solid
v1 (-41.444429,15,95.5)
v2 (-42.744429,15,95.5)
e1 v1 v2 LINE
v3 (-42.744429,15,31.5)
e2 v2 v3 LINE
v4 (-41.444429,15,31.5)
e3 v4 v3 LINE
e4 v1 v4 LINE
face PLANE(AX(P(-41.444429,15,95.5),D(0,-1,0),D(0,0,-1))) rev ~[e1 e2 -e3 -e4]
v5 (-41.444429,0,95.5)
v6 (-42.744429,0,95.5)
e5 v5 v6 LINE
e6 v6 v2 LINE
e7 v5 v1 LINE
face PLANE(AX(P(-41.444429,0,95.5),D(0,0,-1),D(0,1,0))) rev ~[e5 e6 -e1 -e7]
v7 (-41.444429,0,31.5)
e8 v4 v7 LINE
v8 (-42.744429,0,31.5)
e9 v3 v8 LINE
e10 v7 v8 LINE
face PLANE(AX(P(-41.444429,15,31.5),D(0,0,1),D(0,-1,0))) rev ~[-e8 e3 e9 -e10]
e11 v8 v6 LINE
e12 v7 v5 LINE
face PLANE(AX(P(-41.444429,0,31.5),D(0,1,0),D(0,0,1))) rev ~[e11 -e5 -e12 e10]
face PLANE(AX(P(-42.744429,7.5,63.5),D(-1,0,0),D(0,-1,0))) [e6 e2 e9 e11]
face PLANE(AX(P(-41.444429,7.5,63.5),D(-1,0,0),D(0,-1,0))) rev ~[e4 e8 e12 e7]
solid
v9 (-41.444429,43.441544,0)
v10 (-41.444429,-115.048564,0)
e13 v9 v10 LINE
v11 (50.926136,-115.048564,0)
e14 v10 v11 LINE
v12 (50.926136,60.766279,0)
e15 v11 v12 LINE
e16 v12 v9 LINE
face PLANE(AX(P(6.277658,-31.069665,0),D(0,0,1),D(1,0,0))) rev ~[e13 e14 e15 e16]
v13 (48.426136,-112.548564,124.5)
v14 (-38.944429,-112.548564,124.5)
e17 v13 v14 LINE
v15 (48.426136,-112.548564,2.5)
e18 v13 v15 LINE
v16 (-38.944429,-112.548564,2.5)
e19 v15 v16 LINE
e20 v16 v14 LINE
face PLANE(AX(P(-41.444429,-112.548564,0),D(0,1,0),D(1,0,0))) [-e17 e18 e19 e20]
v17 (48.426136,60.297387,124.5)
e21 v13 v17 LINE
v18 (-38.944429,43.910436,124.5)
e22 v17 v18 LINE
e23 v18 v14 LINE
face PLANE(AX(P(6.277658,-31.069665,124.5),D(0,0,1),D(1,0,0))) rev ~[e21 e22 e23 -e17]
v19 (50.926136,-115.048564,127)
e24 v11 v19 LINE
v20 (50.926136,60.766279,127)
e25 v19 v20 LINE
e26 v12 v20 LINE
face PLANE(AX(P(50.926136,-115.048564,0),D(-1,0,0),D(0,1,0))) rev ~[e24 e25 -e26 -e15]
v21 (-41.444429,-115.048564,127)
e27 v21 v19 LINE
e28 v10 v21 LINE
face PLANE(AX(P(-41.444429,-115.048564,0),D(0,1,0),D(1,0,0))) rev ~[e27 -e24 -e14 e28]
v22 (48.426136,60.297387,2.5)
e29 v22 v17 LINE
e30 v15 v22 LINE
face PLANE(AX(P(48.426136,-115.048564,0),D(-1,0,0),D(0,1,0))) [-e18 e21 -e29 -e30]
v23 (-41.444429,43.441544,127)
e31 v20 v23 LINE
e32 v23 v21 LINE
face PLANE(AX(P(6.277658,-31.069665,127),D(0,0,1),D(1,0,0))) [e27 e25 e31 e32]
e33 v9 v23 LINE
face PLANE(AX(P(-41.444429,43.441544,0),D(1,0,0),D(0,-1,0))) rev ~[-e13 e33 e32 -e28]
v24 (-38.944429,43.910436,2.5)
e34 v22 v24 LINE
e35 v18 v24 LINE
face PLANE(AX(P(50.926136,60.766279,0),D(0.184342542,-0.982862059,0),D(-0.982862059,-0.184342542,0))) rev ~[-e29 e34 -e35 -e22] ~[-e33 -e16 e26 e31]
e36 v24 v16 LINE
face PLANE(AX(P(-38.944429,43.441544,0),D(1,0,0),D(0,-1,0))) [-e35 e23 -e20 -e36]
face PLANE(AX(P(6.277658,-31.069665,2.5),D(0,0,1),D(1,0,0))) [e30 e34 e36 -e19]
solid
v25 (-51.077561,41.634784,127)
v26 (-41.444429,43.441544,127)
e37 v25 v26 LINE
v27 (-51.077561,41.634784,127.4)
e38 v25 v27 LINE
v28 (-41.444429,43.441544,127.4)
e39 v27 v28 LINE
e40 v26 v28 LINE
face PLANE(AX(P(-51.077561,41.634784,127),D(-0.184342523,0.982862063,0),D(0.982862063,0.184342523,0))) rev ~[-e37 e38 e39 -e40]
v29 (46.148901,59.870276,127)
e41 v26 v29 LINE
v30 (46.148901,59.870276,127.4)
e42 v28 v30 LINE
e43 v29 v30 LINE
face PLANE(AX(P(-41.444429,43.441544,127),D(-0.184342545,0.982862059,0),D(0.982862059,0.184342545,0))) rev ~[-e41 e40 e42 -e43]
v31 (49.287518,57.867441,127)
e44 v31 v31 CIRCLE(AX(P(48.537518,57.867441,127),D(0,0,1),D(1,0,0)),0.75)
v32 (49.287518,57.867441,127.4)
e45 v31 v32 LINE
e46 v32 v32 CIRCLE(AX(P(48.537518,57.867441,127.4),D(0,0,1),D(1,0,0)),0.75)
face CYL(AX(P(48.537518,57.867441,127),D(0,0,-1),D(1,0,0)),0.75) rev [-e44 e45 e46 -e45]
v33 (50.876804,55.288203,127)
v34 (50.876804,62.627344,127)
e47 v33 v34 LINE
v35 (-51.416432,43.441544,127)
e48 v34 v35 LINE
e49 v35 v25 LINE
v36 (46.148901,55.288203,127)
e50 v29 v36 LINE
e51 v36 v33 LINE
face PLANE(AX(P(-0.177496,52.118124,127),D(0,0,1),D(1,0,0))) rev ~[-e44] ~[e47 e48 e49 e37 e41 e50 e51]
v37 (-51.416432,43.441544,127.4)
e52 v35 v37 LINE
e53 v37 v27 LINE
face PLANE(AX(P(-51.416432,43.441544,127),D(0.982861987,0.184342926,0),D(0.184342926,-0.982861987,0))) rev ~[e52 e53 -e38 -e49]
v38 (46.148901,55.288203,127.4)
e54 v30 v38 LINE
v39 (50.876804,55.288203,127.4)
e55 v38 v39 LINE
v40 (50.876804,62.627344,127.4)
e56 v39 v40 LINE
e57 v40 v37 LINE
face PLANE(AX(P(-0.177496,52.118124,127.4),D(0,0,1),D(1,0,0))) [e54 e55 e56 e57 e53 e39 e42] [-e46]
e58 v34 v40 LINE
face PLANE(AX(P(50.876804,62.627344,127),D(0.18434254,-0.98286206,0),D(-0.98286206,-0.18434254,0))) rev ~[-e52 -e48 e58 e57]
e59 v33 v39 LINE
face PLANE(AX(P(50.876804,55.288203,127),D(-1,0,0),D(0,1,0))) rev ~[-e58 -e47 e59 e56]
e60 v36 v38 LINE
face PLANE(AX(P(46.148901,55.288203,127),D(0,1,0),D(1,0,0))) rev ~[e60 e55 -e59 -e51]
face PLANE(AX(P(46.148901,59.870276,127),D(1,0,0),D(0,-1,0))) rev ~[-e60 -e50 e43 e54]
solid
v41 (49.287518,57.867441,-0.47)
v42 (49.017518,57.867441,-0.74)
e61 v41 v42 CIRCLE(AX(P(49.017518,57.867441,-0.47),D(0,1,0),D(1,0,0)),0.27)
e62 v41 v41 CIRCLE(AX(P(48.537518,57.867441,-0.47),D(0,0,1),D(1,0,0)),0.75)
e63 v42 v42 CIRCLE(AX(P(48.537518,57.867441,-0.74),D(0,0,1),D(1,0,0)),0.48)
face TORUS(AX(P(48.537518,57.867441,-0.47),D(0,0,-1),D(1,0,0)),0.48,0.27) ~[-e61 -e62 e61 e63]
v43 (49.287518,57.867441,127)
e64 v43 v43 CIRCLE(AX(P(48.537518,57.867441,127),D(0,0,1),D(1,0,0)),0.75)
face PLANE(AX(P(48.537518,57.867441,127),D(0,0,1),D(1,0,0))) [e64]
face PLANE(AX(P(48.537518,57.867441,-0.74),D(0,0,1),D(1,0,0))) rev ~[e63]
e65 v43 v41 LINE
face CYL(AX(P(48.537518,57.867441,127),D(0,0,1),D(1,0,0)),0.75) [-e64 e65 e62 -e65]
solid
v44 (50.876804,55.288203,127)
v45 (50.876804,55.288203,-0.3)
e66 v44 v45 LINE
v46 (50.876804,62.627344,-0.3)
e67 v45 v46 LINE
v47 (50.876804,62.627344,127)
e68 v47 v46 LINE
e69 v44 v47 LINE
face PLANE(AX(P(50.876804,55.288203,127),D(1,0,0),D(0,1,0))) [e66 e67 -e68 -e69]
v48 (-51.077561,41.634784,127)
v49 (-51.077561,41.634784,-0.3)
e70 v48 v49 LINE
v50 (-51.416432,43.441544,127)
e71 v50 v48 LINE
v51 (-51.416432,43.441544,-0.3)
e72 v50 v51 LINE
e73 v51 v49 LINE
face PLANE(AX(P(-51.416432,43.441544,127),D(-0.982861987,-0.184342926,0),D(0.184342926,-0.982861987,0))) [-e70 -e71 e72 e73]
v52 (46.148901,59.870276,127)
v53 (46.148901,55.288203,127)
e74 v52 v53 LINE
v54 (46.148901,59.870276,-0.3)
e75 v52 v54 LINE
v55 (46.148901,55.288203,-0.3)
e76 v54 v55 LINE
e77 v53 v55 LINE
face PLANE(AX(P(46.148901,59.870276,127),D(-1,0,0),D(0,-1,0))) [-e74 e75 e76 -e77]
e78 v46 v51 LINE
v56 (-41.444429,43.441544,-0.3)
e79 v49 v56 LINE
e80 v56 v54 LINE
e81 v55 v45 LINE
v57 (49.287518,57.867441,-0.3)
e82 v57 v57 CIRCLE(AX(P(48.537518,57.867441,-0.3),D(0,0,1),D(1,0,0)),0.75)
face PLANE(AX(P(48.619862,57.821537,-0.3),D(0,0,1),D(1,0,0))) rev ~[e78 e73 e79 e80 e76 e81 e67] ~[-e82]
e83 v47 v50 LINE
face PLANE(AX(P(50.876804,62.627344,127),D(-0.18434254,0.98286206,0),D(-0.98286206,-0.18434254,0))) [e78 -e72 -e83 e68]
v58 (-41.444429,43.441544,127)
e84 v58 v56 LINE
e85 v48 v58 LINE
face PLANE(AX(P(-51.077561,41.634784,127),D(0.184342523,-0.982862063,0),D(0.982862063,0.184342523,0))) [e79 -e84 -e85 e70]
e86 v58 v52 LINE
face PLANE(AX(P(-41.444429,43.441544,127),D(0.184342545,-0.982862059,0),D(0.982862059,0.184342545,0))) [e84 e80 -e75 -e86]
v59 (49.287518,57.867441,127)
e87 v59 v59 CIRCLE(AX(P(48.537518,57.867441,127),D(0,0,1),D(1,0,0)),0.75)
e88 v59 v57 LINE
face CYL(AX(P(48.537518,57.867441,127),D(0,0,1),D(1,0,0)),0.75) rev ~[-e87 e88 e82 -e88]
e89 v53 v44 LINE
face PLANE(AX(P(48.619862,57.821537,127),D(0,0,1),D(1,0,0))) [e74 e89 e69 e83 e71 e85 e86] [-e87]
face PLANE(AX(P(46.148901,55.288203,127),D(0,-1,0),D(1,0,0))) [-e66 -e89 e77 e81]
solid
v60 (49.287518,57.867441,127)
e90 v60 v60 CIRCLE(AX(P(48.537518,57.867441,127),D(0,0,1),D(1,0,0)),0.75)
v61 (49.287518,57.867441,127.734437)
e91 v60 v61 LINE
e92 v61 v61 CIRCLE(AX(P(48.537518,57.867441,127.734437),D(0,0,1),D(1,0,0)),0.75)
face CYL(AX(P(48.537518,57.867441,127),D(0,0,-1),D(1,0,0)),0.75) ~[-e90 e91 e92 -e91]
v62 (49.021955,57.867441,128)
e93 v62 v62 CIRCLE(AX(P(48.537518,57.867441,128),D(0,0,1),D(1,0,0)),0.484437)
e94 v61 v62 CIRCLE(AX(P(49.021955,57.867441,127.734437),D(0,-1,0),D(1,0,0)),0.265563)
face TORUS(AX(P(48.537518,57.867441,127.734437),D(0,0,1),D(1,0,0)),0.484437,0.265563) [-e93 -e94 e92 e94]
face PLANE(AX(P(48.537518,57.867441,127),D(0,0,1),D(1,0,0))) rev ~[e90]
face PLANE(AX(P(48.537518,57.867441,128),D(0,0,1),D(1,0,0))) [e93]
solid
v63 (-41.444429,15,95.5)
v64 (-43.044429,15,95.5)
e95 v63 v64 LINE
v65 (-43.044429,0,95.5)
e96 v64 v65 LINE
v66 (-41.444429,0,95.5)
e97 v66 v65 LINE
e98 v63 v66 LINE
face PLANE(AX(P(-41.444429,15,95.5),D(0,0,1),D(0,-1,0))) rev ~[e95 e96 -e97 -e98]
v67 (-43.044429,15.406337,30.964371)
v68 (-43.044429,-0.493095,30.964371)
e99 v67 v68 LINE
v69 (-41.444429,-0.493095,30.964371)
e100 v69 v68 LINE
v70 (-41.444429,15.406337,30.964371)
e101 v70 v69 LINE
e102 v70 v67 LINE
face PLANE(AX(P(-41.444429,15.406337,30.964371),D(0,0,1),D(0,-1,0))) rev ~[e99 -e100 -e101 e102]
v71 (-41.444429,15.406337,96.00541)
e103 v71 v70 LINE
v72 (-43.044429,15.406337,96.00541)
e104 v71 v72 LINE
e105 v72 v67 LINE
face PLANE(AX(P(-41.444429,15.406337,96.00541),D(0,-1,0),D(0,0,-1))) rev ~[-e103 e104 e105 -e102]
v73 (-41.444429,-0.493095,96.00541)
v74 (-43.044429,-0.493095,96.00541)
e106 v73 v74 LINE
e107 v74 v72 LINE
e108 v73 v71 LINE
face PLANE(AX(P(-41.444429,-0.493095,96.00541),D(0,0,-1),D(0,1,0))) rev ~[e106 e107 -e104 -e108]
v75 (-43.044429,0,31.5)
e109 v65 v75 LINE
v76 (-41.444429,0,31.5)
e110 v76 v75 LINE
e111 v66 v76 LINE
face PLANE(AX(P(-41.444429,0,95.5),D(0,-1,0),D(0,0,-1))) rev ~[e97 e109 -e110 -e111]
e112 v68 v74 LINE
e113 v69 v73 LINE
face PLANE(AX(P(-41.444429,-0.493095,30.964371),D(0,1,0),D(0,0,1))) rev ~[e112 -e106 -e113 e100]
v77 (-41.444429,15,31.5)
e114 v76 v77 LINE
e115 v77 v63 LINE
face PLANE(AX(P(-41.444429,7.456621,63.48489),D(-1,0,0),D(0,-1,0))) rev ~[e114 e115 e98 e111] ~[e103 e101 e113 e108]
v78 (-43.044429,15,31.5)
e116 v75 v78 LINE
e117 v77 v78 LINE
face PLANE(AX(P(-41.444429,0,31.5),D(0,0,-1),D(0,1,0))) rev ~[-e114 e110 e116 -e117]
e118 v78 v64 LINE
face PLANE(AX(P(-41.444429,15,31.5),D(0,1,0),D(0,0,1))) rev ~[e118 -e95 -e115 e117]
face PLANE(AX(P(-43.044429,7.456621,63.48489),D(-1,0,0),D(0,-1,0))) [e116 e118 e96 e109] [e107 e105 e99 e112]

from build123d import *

# Parameters (mm, degrees)
F1_DEPTH  = 127
F2_T      = -2.5
F3_R      = 0.75
F4_DEPTH  = 127.3
F5_DEPTH  = 0.4
F6_DEPTH  = 1
F7_DEPTH  = 127.74
F8_R      = 0.27
F9_R      = 0.265563
F11_DEPTH = 1.3
F12_DEPTH = 1.6


with BuildPart() as f1:
    # F0 (on Top) → F1 (new body)
    with BuildSketch(Plane.XY):
        Polygon((-41.444429, 43.441544), (-41.444429, -115.048564), (50.926136, -115.048564), (50.926136, 60.766279), align=None)
    extrude(amount=F1_DEPTH)

    # F2
    f2_openings = [f1.faces().sort_by_distance(p)[0] for p in [
        (4.740854, 52.103911, 63.5),
    ]]
    offset(amount=F2_T, openings=f2_openings)


with BuildPart() as f4:
    # F3 (on face) → F4 (new body)
    with BuildSketch(Plane.XY.offset(127)):
        Polygon((50.876804, 60.757026), (46.148901, 59.870276), (46.148901, 55.288203), (50.876804, 55.288203), align=None)
        with Locations((48.537518, 57.867441)):
            Circle(F3_R, mode=Mode.SUBTRACT)
        Polygon((-41.444429, 43.441544), (46.148901, 59.870276), (50.876804, 60.757026), (50.876804, 62.627344), (-51.416432, 43.441544), (-51.077561, 41.634784), align=None)
    extrude(amount=-F4_DEPTH)


with BuildPart() as f5:
    # F3 (on face) → F5 (new body)
    with BuildSketch(Plane.XY.offset(127)):
        Polygon((-41.444429, 43.441544), (46.148901, 59.870276), (50.876804, 60.757026), (50.876804, 62.627344), (-51.416432, 43.441544), (-51.077561, 41.634784), align=None)
        Polygon((50.876804, 60.757026), (46.148901, 59.870276), (46.148901, 55.288203), (50.876804, 55.288203), align=None)
        with Locations((48.537518, 57.867441)):
            Circle(F3_R, mode=Mode.SUBTRACT)
    extrude(amount=F5_DEPTH)


with BuildPart() as f6:
    # F3 (on face) → F6 (new body)
    with BuildSketch(Plane.XY.offset(127)):
        with Locations((48.537518, 57.867441)):
            Circle(F3_R)
    extrude(amount=F6_DEPTH)

    # F9
    f9_edges = [f6.edges().sort_by_distance(p)[0] for p in [
        (47.787518, 57.867441, 128),
    ]]
    fillet(f9_edges, radius=F9_R)


with BuildPart() as f7:
    # F3 (on face) → F7 (new body)
    with BuildSketch(Plane.XY.offset(127)):
        with Locations((48.537518, 57.867441)):
            Circle(F3_R)
    extrude(amount=-F7_DEPTH)

    # F8
    f8_edges = [f7.edges().sort_by_distance(p)[0] for p in [
        (47.787518, 57.867441, -0.74),
    ]]
    fillet(f8_edges, radius=F8_R)


with BuildPart() as f11:
    # F10 (on face) → F11 (new body)
    with BuildSketch(Plane(origin=(-41.444429, 0, 0), x_dir=(0, -1, 0), z_dir=(-1, 0, 0))):
        Polygon((-15, 95.5), (-15, 63.5), (-15, 31.5), (0, 31.5), (0, 95.5), align=None)
    extrude(amount=F11_DEPTH)


with BuildPart() as f12:
    # F10 (on face) → F12 (new body)
    with BuildSketch(Plane(origin=(-41.444429, 0, 0), x_dir=(0, -1, 0), z_dir=(-1, 0, 0))):
        Polygon((-15.406337, 30.964371), (-15, 30.964371), (0.493095, 30.964371), (0.493095, 96.00541), (-15.406337, 96.00541), align=None)
        Polygon((-15, 31.5), (-15, 63.5), (-15, 95.5), (0, 95.5), (0, 31.5), align=None, mode=Mode.SUBTRACT)
    extrude(amount=F12_DEPTH)


solid = Compound([f1.part, f4.part, f5.part, f6.part, f7.part, f11.part, f12.part])
